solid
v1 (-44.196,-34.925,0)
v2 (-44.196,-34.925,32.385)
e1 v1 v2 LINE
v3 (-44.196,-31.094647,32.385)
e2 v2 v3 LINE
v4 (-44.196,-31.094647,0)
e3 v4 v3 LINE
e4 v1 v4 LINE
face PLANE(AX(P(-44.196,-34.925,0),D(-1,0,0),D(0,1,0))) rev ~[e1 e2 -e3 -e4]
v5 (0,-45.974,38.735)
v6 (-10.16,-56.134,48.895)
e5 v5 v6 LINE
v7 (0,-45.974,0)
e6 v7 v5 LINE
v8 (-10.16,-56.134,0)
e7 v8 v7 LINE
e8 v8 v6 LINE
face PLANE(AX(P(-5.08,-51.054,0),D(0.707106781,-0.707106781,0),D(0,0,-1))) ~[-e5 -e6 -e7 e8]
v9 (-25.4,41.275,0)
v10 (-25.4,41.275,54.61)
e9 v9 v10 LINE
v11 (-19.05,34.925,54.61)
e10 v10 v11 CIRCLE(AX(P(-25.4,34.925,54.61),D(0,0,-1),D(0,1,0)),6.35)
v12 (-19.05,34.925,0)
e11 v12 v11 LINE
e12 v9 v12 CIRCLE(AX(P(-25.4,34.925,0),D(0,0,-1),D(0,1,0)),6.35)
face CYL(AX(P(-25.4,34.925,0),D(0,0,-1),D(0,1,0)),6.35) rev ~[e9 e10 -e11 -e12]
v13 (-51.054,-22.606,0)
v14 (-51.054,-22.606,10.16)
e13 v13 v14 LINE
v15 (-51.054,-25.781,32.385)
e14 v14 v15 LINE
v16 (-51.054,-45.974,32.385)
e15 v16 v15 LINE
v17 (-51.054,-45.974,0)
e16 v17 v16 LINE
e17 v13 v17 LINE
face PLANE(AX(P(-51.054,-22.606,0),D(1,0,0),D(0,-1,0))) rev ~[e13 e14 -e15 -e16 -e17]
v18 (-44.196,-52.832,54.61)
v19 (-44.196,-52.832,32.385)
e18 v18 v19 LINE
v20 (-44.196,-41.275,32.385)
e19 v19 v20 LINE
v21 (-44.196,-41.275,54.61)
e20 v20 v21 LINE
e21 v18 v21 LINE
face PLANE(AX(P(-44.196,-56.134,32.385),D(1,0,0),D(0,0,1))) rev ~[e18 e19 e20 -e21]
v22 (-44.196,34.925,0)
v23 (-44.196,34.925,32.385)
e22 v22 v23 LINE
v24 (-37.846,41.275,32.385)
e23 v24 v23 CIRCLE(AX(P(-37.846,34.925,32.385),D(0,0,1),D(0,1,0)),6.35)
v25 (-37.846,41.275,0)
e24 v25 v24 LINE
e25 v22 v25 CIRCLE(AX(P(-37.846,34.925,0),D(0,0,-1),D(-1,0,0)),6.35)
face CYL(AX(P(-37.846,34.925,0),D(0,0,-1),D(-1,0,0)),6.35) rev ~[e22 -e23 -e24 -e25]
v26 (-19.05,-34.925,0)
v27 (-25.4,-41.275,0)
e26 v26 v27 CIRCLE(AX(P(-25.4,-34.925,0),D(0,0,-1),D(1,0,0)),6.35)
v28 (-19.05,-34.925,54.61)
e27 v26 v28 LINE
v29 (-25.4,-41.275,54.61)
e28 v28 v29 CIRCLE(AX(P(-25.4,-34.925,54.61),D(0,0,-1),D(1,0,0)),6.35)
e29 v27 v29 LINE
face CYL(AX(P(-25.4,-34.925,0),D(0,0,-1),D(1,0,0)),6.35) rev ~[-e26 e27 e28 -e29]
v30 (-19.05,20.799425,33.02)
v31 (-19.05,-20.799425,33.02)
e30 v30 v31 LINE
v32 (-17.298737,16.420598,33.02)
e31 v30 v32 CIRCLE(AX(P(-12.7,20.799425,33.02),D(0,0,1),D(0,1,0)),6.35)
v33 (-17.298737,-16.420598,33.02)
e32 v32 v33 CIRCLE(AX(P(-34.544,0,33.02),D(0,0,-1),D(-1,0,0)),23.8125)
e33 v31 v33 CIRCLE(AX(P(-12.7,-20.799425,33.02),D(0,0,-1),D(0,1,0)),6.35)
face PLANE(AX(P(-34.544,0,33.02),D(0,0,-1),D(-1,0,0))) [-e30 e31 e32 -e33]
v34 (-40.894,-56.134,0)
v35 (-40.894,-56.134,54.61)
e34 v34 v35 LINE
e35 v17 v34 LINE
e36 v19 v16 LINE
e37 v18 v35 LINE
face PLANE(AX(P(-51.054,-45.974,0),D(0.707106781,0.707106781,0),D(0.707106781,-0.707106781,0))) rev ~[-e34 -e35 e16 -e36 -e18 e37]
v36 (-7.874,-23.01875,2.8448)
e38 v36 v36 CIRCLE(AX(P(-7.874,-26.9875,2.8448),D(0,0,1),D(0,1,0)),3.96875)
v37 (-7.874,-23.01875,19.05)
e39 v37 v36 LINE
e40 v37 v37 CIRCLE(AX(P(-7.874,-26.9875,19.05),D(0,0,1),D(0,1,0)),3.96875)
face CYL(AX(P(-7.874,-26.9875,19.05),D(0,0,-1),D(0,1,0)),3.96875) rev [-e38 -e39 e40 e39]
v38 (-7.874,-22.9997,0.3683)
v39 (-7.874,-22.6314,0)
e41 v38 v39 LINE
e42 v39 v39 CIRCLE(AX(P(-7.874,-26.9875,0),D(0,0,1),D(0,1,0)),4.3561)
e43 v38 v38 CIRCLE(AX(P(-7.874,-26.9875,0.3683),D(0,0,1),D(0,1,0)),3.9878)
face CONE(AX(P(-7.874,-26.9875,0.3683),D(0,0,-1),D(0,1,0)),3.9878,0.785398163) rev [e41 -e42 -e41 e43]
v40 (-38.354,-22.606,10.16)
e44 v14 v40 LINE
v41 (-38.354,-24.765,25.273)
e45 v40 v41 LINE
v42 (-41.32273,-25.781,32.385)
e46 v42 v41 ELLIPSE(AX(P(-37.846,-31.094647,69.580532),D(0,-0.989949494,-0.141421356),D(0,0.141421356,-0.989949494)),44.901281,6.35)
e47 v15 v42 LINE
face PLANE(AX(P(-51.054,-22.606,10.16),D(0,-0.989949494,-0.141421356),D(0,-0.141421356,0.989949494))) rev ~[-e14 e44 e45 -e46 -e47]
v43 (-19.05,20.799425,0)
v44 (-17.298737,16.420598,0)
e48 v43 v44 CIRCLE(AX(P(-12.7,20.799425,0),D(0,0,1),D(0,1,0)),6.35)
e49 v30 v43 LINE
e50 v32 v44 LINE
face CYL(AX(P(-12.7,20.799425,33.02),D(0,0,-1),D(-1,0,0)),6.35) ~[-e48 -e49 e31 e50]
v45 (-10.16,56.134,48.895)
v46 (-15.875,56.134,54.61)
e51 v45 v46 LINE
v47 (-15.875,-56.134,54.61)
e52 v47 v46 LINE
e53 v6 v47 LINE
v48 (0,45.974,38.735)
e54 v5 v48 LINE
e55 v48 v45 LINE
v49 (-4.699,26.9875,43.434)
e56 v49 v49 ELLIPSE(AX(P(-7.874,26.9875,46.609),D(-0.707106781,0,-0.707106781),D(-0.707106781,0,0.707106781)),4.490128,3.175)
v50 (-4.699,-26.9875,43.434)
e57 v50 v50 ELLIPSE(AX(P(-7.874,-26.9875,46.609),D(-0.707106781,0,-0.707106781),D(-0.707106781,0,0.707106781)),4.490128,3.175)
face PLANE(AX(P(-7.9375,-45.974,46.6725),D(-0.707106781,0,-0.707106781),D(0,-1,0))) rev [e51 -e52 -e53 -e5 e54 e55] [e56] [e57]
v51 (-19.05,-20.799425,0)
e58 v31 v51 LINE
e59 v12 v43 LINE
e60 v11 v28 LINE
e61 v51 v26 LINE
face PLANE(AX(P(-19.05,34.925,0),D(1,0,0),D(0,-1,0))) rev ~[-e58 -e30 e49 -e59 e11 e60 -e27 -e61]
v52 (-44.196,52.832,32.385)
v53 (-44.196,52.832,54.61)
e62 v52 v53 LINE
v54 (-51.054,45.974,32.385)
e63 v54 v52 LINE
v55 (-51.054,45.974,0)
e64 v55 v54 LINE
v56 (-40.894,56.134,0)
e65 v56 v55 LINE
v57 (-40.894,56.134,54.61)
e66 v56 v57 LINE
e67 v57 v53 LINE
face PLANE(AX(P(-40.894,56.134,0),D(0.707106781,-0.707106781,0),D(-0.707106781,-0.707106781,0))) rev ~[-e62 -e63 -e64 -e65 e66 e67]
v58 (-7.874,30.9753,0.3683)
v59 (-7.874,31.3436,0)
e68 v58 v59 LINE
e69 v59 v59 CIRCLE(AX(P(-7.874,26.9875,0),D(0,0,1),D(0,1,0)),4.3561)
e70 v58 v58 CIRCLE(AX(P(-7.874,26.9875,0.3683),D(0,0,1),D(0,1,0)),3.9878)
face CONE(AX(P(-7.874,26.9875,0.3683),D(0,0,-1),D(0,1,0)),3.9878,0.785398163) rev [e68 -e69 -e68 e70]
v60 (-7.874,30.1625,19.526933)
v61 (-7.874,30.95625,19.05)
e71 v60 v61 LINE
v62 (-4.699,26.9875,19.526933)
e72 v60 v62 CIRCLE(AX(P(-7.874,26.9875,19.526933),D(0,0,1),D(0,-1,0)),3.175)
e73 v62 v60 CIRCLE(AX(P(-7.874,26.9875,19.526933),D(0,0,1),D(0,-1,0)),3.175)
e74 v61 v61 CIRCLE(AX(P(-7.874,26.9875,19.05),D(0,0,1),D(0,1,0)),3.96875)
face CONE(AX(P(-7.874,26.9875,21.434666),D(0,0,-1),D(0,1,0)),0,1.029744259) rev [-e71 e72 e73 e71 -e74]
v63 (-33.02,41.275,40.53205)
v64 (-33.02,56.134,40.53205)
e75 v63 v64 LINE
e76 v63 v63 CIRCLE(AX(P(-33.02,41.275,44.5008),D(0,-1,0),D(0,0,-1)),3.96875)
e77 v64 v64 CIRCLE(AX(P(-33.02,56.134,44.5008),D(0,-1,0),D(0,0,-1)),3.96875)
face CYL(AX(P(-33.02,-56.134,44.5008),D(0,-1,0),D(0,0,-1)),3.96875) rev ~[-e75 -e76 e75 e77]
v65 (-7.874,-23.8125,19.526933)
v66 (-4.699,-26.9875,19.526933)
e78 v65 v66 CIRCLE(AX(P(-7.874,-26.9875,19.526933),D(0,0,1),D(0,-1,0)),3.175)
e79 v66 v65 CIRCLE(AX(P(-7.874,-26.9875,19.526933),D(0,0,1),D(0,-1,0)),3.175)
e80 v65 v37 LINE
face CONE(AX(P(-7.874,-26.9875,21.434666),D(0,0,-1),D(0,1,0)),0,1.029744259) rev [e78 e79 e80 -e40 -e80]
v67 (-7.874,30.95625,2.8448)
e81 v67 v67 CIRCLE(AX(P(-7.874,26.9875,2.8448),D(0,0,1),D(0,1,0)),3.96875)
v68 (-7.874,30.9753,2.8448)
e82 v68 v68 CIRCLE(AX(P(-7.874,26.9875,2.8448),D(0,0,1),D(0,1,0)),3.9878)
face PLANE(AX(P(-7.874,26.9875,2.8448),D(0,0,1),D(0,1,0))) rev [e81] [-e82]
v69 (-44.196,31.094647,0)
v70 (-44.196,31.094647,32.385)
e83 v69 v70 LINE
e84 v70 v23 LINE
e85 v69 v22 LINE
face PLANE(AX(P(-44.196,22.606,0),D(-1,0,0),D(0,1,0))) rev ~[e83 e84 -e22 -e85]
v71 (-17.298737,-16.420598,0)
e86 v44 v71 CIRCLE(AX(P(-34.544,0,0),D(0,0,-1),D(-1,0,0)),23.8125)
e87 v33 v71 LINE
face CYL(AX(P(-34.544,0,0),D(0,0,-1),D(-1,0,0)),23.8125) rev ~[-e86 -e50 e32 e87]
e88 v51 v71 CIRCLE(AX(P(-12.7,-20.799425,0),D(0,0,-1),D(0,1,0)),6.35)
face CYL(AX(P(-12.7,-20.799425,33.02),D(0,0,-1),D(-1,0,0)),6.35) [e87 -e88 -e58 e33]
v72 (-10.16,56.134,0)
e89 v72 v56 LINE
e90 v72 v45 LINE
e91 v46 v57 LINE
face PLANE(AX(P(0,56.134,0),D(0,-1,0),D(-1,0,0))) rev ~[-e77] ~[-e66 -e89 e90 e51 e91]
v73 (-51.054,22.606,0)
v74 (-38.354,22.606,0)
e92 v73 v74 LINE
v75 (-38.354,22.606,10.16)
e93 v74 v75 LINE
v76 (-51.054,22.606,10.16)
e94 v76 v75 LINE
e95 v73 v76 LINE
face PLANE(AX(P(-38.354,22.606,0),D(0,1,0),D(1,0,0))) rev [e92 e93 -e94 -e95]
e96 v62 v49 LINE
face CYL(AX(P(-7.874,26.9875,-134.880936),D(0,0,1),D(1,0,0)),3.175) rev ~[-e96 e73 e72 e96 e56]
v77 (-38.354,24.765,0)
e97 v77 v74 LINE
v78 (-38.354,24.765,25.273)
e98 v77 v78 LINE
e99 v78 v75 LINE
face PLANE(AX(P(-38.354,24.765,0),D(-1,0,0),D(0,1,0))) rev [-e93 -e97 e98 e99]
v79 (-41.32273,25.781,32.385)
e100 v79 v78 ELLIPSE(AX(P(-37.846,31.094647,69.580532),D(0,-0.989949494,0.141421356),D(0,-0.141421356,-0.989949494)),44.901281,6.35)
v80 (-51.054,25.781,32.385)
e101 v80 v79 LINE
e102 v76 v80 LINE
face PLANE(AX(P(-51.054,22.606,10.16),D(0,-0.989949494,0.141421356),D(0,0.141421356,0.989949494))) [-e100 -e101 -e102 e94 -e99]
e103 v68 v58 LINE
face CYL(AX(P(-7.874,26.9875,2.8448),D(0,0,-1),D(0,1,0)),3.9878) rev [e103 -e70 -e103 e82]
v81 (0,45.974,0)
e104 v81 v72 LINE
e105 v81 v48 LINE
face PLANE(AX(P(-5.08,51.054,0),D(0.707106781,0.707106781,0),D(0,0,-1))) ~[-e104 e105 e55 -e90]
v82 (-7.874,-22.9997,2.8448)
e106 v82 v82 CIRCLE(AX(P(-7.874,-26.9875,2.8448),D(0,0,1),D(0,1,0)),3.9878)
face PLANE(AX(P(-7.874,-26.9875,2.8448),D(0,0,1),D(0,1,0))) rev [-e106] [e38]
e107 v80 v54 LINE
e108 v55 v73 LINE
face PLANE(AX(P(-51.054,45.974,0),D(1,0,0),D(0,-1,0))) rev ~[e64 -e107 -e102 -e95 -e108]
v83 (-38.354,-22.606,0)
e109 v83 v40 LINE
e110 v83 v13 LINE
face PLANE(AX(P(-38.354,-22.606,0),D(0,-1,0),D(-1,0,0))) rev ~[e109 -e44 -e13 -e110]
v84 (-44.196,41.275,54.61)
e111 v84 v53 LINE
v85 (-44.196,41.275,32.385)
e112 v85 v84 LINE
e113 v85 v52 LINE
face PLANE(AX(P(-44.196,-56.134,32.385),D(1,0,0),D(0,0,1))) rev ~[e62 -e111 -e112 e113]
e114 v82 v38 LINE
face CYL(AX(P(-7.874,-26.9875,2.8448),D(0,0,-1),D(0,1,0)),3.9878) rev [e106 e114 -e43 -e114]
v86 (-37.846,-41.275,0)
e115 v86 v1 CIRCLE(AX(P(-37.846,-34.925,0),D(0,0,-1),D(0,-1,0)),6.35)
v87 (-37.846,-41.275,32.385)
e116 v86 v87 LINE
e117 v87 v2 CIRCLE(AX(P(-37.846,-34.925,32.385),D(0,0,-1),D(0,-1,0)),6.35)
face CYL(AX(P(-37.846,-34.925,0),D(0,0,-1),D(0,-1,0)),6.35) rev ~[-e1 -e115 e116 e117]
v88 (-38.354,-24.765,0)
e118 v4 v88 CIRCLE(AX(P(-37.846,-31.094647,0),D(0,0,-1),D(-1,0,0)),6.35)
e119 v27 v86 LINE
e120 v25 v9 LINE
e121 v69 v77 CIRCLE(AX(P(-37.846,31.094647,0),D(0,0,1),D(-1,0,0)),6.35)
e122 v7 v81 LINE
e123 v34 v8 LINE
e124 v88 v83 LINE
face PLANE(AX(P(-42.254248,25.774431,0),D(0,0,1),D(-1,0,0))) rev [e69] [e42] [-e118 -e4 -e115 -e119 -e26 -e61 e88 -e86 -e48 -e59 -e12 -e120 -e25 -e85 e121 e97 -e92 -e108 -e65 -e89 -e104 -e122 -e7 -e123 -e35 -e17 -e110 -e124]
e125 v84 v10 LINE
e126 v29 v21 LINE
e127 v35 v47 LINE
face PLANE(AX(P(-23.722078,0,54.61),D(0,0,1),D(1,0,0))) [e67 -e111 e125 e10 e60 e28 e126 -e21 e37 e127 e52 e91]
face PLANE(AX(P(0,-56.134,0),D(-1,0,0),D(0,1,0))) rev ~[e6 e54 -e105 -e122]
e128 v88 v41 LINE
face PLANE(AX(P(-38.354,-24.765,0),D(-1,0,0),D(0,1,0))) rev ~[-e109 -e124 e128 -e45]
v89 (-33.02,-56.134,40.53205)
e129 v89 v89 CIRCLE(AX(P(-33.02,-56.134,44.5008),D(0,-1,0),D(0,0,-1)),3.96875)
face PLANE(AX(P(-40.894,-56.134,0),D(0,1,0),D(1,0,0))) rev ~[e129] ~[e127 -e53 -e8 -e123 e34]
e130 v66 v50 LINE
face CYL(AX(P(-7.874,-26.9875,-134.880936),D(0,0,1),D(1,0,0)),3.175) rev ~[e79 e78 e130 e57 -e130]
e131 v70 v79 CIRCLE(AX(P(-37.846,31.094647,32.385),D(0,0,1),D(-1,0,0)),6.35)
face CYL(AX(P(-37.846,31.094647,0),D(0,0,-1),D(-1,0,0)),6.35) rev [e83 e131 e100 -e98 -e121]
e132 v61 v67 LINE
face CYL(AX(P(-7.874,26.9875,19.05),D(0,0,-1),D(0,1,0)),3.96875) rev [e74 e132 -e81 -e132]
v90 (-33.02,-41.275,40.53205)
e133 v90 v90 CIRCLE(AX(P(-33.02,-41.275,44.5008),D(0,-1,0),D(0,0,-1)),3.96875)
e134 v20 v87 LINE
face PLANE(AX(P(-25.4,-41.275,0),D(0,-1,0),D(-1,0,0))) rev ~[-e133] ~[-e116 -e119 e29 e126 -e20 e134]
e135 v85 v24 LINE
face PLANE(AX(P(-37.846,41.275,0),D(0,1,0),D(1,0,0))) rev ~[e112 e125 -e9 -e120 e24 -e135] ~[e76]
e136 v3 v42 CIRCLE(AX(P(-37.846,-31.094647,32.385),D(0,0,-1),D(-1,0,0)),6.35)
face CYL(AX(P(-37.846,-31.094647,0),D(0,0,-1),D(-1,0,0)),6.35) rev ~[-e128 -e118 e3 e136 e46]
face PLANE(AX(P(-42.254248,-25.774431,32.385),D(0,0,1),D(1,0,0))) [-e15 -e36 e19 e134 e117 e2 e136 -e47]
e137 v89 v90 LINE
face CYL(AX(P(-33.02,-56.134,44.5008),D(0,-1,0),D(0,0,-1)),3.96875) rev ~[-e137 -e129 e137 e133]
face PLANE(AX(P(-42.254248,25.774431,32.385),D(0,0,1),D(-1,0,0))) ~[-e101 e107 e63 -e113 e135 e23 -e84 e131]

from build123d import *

# Parameters (mm, degrees)
EXTRUDE1_DEPTH                                = 54.61
SKETCH6_R                                     = 3.96875
SKETCH6_W                                     = 6.858
SKETCH6_H                                     = 22.225
CUT_EXTRUDE1_DEPTH                            = 113.268
SKETCH8_W                                     = 6.35
SKETCH8_H                                     = 18.669
CUT_EXTRUDE2_DEPTH                            = 23.225
SKETCH13_R                                    = 23.8125
EXTRUDE4_DEPTH                                = 33.02
FILLET1_R                                     = 6.35
CBORE_FOR_1_4_SOCKET_HEAD_CAP_SCREW1_AT_COUNT = 2
CBORE_FOR_1_4_SOCKET_HEAD_CAP_SCREW1_AT_PITCH = 53.975
CHAMFER4_SIZE                                 = 10.16
CHAMFER7_SIZE                                 = 15.875
F_1_4_0_25_DIAMETER_HOLE1_D                   = 6.35
EXTRUDE9_DEPTH                                = 32.385
EXTRUDE8_DEPTH                                = 17.62


with BuildPart() as part:
    # Sketch5 → Extrude1 (new body)
    with BuildSketch(Plane.XY):
        with BuildLine():
            Line((0, -56.134), (0, 56.134))
            Line((0, 56.134), (-40.894, 56.134))
            Line((-40.894, 56.134), (-51.054, 45.974))
            Line((-51.054, 45.974), (-51.054, 22.606))
            Line((-51.054, 22.606), (-44.196, 22.606))
            Line((-44.196, 22.606), (-44.196, 34.925))
            ThreePointArc((-44.196, 34.925), (-42.336128061, 39.415128061), (-37.846, 41.275))
            Line((-37.846, 41.275), (-25.4, 41.275))
            ThreePointArc((-25.4, 41.275), (-20.909871939, 39.415128061), (-19.05, 34.925))
            Line((-19.05, 34.925), (-19.05, -34.925))
            ThreePointArc((-19.05, -34.925), (-20.909871939, -39.415128061), (-25.4, -41.275))
            Line((-25.4, -41.275), (-37.846, -41.275))
            ThreePointArc((-37.846, -41.275), (-42.336128061, -39.415128061), (-44.196, -34.925))
            Line((-44.196, -34.925), (-44.196, -22.606))
            Line((-44.196, -22.606), (-51.054, -22.606))
            Line((-51.054, -22.606), (-51.054, -45.974))
            Line((-51.054, -45.974), (-40.894, -56.134))
            Line((-40.894, -56.134), (0, -56.134))
        make_face()
    extrude(amount=EXTRUDE1_DEPTH)

    # Sketch6 → Cut-Extrude1 (cut, through all)
    with BuildSketch(Plane.XZ.offset(56.134)):
        with Locations(Location((-33.02, 44.5008, 0), (0, 0, 270))):  # turned: the seam where the file's is
            Circle(SKETCH6_R)
        with Locations((-47.625, 43.4975)):
            Rectangle(SKETCH6_W, SKETCH6_H)
    extrude(amount=-CUT_EXTRUDE1_DEPTH, mode=Mode.SUBTRACT)

    # Sketch8 → Cut-Extrude2 (cut, through all)
    with BuildSketch(Plane.XY.offset(32.385)):
        with Locations((-41.021, -31.9405)):
            Rectangle(SKETCH8_W, SKETCH8_H)
        with BuildLine():
            Line((-44.196, 34.925), (-44.196, 41.275))
            Line((-44.196, 41.275), (-37.846, 41.275))
            ThreePointArc((-37.846, 41.275), (-42.336128061, 39.415128061), (-44.196, 34.925))
        make_face()
    extrude(amount=CUT_EXTRUDE2_DEPTH, mode=Mode.SUBTRACT)

    # Sketch13 → Extrude4 (cut)
    with BuildSketch(Plane(origin=(0, 0, 0), x_dir=(-1, 0, 0), z_dir=(0, 0, -1))):
        with Locations((34.544, 0)):
            Circle(SKETCH13_R)
    extrude(amount=-EXTRUDE4_DEPTH, mode=Mode.SUBTRACT)

    # Fillet1
    fillet1_edges = [part.edges().sort_by_distance(p)[0] for p in [
        (-19.05, -18.082342775, 16.51),
        (-19.05, 18.082342775, 16.51),
    ]]
    fillet(fillet1_edges, radius=FILLET1_R)

    # Sketch18 → CBORE for 1/4 Socket Head Cap Screw1 (revolve, cut)
    with BuildSketch(Plane(origin=(-7.874, 26.9875, 0), x_dir=(0, 1, 0), z_dir=(1, 0, 0))):
        Polygon((0, 0), (0, 21.434665582), (3.96875, 19.05), (3.96875, 2.8448), (3.9878, 2.8448), (3.9878, 0.3683), (4.3561, 0), align=None)
    cbore_for_1_4_socket_head_cap_screw1 = revolve(axis=Axis((-7.874, 26.9875, -6.35), (0, 0, 1)), mode=Mode.SUBTRACT)

    # CBORE for 1/4 Socket Head Cap Screw1 at: CBORE for 1/4 Socket Head Cap Screw1 ×2
    with Locations(*[(0, -i * CBORE_FOR_1_4_SOCKET_HEAD_CAP_SCREW1_AT_PITCH, 0) for i in range(1, CBORE_FOR_1_4_SOCKET_HEAD_CAP_SCREW1_AT_COUNT)]):
        add(cbore_for_1_4_socket_head_cap_screw1, mode=Mode.SUBTRACT)

    # Chamfer4
    chamfer4_edges = [part.edges().sort_by_distance(p)[0] for p in [
        (0, 56.134, 27.305),
        (0, -56.134, 27.305),
    ]]
    chamfer(chamfer4_edges, length=CHAMFER4_SIZE)

    # Chamfer7
    chamfer7_edges = [part.edges().sort_by_distance(p)[0] for p in [
        (0, 0, 54.61),
    ]]
    chamfer(chamfer7_edges, length=CHAMFER7_SIZE)

    # 1/4 (0.25) Diameter Hole1 (through all)
    with Locations(Plane(origin=(0, 0, 0), x_dir=(-1, 0, 0), z_dir=(0, 0, -1))):
        with Locations((7.874, 26.9875), (7.874, -26.9875)):
            Hole(F_1_4_0_25_DIAMETER_HOLE1_D / 2)

    # Sketch22 → Extrude9 (add)
    with BuildSketch(Plane(origin=(0, 0, 0), x_dir=(-1, 0, 0), z_dir=(0, 0, -1))):
        with BuildLine():
            Line((38.354, -24.765), (38.354, -22.606))
            Line((38.354, -22.606), (44.196, -22.606))
            Line((44.196, -22.606), (44.196, -31.094647384))
            ThreePointArc((44.196, -31.094647384), (42.51227796, -26.787867844), (38.354, -24.765))
        make_face()
    extrude9 = extrude(amount=-EXTRUDE9_DEPTH)

    # Mirror3: Extrude9 across plane
    add(extrude9.mirror(Plane.ZX))

    # Sketch17 → Extrude8 (cut)
    with BuildSketch(Plane.ZY.offset(51.054)):
        Polygon((32.385, -25.781), (32.385, -22.606), (10.16, -22.606), align=None)
        Polygon((32.385, 25.781), (32.385, 22.606), (10.16, 22.606), align=None)
    extrude(amount=-EXTRUDE8_DEPTH, mode=Mode.SUBTRACT)


solid = part.part
